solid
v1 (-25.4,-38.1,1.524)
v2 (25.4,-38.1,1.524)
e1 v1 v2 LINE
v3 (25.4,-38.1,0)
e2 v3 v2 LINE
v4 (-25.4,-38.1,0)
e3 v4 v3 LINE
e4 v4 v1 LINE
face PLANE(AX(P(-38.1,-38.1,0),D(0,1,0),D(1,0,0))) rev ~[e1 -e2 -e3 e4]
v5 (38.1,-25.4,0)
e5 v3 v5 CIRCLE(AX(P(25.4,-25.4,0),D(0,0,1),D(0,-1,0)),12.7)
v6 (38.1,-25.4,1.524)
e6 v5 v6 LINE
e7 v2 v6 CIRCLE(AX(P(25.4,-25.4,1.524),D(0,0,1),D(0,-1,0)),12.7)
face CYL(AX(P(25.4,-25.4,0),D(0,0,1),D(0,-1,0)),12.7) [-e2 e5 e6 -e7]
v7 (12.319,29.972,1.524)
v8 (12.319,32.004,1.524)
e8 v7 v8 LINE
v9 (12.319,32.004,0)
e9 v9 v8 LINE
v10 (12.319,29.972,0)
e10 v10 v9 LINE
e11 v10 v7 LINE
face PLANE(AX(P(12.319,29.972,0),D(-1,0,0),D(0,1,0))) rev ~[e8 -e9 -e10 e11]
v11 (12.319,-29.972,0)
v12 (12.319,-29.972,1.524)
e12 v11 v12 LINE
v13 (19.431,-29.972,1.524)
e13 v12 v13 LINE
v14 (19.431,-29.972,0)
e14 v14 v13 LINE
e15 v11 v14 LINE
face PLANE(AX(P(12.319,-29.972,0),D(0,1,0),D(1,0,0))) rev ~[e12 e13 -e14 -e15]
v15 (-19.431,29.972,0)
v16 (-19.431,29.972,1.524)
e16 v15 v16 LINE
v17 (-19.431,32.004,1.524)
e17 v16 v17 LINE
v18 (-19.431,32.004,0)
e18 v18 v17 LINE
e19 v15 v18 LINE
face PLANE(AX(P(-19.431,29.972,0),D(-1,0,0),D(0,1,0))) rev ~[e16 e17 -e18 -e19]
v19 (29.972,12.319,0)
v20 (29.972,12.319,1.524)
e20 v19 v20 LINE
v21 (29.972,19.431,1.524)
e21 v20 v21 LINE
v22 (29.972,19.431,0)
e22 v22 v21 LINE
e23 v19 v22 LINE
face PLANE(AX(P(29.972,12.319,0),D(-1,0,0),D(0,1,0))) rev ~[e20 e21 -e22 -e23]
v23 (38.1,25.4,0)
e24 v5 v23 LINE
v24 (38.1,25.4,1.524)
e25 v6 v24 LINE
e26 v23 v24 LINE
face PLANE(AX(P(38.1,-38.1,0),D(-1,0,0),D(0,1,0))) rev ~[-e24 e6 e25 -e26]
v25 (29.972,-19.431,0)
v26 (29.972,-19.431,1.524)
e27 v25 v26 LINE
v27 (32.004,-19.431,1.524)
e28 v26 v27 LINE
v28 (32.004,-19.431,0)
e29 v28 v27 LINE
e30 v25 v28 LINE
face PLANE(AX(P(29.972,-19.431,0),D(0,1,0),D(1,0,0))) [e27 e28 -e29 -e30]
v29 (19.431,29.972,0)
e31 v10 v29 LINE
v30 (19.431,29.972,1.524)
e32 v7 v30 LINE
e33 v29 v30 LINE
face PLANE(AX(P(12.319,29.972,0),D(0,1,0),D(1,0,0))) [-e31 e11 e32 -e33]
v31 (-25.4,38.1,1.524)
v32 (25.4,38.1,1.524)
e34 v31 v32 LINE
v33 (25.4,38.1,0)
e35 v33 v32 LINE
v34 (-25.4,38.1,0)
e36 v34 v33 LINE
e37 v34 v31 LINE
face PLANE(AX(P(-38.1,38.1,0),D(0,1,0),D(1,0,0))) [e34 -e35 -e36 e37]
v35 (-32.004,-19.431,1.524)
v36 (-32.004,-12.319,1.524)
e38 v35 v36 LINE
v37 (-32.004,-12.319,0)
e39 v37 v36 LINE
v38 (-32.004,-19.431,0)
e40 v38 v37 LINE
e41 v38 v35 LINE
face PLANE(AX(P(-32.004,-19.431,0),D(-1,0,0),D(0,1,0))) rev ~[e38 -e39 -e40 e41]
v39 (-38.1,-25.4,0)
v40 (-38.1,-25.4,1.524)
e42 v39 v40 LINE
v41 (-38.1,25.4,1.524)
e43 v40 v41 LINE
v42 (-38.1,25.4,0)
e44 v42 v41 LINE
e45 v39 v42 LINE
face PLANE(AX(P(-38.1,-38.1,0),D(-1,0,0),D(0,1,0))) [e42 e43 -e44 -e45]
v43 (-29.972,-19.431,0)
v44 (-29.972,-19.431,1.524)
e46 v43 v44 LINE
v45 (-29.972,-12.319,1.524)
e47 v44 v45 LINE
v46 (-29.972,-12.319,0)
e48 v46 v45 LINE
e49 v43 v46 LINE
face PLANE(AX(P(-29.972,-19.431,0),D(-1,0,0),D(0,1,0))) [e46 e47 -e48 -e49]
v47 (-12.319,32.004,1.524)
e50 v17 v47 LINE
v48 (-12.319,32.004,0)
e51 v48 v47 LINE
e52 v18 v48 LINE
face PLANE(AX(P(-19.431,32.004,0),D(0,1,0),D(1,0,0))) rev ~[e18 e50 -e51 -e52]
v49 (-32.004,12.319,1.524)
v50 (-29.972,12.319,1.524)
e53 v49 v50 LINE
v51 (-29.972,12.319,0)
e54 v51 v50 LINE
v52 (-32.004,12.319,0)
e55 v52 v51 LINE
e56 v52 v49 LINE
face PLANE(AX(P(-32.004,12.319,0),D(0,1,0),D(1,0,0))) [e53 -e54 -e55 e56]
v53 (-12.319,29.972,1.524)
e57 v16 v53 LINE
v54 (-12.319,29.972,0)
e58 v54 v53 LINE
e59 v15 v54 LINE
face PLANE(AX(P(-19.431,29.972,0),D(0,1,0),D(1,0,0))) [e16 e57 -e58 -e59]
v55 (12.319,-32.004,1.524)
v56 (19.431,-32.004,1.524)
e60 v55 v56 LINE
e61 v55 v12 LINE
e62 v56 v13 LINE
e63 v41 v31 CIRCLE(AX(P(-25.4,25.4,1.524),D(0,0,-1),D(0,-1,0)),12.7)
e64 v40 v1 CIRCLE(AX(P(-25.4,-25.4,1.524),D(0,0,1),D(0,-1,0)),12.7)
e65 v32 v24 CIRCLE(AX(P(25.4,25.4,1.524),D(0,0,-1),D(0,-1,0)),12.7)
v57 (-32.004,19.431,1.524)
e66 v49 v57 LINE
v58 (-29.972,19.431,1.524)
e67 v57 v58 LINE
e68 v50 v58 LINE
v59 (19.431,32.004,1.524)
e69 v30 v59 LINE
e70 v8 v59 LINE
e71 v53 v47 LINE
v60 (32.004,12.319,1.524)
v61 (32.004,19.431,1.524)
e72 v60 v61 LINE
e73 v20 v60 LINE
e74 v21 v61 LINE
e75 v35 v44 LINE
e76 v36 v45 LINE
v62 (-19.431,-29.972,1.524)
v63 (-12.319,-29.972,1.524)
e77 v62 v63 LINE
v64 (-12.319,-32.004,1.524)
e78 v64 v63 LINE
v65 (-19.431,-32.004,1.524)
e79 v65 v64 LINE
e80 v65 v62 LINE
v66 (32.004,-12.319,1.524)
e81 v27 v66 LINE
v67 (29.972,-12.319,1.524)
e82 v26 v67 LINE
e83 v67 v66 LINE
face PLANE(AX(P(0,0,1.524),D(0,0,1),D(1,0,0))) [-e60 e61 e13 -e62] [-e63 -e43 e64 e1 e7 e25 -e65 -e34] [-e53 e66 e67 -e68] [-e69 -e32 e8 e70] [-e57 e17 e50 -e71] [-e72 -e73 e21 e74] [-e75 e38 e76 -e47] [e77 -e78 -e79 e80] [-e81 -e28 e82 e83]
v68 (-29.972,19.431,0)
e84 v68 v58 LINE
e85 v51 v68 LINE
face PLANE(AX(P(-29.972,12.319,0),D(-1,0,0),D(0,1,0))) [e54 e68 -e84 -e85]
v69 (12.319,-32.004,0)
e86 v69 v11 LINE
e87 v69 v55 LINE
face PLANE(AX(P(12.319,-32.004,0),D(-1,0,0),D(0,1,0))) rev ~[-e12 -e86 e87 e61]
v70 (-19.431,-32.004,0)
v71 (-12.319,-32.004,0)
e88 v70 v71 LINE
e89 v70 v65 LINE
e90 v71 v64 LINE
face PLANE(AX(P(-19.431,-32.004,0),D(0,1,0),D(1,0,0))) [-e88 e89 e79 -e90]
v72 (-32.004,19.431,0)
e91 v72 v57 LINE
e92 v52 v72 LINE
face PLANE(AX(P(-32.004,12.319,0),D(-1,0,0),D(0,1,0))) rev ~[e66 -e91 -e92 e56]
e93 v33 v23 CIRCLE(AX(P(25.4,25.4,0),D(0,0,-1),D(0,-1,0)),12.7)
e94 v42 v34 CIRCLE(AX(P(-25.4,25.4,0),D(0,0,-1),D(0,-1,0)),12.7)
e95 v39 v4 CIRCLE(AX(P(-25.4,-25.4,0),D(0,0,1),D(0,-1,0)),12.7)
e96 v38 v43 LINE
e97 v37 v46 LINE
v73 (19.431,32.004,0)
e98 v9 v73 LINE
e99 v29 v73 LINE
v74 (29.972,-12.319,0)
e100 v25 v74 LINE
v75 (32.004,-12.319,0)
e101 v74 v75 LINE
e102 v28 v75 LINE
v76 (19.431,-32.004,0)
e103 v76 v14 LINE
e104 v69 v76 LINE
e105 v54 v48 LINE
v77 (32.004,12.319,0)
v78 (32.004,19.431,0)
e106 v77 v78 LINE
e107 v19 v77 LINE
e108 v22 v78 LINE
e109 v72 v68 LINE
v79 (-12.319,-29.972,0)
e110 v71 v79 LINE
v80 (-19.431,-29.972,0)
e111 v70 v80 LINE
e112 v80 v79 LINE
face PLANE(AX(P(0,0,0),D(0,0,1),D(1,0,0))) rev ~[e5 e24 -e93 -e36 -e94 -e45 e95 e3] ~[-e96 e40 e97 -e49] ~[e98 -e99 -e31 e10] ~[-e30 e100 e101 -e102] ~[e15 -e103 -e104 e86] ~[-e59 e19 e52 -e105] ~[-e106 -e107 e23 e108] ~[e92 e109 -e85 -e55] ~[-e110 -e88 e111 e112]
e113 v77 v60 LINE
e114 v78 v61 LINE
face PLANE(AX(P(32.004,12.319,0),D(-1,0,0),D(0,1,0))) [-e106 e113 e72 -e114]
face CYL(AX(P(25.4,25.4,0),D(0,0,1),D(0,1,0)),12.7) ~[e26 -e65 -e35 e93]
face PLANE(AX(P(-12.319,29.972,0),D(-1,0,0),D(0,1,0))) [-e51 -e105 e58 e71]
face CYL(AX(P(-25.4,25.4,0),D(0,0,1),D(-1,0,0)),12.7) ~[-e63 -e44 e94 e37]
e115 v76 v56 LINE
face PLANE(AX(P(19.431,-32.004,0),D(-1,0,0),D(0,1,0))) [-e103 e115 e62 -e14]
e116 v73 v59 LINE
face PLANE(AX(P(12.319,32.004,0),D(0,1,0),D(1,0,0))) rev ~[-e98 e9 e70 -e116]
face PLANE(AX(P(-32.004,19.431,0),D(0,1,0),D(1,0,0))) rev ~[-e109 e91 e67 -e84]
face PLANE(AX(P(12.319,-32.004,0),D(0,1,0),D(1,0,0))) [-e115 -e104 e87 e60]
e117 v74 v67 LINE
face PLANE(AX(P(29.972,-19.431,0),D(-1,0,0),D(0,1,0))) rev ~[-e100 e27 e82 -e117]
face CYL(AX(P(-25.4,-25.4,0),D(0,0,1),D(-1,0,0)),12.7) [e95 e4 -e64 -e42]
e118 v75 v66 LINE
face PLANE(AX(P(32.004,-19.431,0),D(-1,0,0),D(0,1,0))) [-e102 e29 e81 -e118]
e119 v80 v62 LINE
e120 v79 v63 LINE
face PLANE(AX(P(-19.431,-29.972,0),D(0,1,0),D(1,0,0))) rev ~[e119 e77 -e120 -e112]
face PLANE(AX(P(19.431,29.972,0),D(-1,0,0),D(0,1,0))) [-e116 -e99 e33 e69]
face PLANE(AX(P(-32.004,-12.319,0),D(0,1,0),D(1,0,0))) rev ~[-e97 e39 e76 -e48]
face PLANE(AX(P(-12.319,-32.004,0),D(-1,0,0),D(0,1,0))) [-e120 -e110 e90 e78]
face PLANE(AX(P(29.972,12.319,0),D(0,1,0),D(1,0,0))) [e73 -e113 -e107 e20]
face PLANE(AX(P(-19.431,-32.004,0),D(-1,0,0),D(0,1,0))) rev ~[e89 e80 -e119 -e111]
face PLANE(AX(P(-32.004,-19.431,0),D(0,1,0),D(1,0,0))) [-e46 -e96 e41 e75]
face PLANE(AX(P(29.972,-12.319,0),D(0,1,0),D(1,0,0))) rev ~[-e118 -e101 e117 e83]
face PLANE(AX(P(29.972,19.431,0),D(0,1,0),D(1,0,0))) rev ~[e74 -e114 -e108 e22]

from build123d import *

# Parameters (mm, degrees)
F0_W     = 76.2
F0_H     = 76.2
F0_W_2   = 7.112
F0_H_2   = 2.032
F0_W_3   = 2.032
F0_H_3   = 7.112
F1_DEPTH = 1.524
F2_R     = 12.7


with BuildPart() as f1:
    # F0 (on Top) → F1 (new body)
    with BuildSketch(Plane.XY):
        Rectangle(F0_W, F0_H)
        with Locations((-15.875, -30.988)):
            Rectangle(F0_W_2, F0_H_2, mode=Mode.SUBTRACT)
        with Locations((-30.988, -15.875)):
            Rectangle(F0_W_3, F0_H_3, mode=Mode.SUBTRACT)
        with Locations((15.875, -30.988)):
            Rectangle(F0_W_2, F0_H_2, mode=Mode.SUBTRACT)
        with Locations((30.988, -15.875)):
            Rectangle(F0_W_3, F0_H_3, mode=Mode.SUBTRACT)
        with Locations((-30.988, 15.875)):
            Rectangle(F0_W_3, F0_H_3, mode=Mode.SUBTRACT)
        with Locations((-15.875, 30.988)):
            Rectangle(F0_W_2, F0_H_2, mode=Mode.SUBTRACT)
        with Locations((30.988, 15.875)):
            Rectangle(F0_W_3, F0_H_3, mode=Mode.SUBTRACT)
        with Locations((15.875, 30.988)):
            Rectangle(F0_W_2, F0_H_2, mode=Mode.SUBTRACT)
    extrude(amount=F1_DEPTH)

    # F2
    f2_edges = [f1.edges().sort_by_distance(p)[0] for p in [
        (-38.1, 38.1, 0.762),
        (38.1, 38.1, 0.762),
        (38.1, -38.1, 0.762),
        (-38.1, -38.1, 0.762),
    ]]
    fillet(f2_edges, radius=F2_R)


solid = f1.part
